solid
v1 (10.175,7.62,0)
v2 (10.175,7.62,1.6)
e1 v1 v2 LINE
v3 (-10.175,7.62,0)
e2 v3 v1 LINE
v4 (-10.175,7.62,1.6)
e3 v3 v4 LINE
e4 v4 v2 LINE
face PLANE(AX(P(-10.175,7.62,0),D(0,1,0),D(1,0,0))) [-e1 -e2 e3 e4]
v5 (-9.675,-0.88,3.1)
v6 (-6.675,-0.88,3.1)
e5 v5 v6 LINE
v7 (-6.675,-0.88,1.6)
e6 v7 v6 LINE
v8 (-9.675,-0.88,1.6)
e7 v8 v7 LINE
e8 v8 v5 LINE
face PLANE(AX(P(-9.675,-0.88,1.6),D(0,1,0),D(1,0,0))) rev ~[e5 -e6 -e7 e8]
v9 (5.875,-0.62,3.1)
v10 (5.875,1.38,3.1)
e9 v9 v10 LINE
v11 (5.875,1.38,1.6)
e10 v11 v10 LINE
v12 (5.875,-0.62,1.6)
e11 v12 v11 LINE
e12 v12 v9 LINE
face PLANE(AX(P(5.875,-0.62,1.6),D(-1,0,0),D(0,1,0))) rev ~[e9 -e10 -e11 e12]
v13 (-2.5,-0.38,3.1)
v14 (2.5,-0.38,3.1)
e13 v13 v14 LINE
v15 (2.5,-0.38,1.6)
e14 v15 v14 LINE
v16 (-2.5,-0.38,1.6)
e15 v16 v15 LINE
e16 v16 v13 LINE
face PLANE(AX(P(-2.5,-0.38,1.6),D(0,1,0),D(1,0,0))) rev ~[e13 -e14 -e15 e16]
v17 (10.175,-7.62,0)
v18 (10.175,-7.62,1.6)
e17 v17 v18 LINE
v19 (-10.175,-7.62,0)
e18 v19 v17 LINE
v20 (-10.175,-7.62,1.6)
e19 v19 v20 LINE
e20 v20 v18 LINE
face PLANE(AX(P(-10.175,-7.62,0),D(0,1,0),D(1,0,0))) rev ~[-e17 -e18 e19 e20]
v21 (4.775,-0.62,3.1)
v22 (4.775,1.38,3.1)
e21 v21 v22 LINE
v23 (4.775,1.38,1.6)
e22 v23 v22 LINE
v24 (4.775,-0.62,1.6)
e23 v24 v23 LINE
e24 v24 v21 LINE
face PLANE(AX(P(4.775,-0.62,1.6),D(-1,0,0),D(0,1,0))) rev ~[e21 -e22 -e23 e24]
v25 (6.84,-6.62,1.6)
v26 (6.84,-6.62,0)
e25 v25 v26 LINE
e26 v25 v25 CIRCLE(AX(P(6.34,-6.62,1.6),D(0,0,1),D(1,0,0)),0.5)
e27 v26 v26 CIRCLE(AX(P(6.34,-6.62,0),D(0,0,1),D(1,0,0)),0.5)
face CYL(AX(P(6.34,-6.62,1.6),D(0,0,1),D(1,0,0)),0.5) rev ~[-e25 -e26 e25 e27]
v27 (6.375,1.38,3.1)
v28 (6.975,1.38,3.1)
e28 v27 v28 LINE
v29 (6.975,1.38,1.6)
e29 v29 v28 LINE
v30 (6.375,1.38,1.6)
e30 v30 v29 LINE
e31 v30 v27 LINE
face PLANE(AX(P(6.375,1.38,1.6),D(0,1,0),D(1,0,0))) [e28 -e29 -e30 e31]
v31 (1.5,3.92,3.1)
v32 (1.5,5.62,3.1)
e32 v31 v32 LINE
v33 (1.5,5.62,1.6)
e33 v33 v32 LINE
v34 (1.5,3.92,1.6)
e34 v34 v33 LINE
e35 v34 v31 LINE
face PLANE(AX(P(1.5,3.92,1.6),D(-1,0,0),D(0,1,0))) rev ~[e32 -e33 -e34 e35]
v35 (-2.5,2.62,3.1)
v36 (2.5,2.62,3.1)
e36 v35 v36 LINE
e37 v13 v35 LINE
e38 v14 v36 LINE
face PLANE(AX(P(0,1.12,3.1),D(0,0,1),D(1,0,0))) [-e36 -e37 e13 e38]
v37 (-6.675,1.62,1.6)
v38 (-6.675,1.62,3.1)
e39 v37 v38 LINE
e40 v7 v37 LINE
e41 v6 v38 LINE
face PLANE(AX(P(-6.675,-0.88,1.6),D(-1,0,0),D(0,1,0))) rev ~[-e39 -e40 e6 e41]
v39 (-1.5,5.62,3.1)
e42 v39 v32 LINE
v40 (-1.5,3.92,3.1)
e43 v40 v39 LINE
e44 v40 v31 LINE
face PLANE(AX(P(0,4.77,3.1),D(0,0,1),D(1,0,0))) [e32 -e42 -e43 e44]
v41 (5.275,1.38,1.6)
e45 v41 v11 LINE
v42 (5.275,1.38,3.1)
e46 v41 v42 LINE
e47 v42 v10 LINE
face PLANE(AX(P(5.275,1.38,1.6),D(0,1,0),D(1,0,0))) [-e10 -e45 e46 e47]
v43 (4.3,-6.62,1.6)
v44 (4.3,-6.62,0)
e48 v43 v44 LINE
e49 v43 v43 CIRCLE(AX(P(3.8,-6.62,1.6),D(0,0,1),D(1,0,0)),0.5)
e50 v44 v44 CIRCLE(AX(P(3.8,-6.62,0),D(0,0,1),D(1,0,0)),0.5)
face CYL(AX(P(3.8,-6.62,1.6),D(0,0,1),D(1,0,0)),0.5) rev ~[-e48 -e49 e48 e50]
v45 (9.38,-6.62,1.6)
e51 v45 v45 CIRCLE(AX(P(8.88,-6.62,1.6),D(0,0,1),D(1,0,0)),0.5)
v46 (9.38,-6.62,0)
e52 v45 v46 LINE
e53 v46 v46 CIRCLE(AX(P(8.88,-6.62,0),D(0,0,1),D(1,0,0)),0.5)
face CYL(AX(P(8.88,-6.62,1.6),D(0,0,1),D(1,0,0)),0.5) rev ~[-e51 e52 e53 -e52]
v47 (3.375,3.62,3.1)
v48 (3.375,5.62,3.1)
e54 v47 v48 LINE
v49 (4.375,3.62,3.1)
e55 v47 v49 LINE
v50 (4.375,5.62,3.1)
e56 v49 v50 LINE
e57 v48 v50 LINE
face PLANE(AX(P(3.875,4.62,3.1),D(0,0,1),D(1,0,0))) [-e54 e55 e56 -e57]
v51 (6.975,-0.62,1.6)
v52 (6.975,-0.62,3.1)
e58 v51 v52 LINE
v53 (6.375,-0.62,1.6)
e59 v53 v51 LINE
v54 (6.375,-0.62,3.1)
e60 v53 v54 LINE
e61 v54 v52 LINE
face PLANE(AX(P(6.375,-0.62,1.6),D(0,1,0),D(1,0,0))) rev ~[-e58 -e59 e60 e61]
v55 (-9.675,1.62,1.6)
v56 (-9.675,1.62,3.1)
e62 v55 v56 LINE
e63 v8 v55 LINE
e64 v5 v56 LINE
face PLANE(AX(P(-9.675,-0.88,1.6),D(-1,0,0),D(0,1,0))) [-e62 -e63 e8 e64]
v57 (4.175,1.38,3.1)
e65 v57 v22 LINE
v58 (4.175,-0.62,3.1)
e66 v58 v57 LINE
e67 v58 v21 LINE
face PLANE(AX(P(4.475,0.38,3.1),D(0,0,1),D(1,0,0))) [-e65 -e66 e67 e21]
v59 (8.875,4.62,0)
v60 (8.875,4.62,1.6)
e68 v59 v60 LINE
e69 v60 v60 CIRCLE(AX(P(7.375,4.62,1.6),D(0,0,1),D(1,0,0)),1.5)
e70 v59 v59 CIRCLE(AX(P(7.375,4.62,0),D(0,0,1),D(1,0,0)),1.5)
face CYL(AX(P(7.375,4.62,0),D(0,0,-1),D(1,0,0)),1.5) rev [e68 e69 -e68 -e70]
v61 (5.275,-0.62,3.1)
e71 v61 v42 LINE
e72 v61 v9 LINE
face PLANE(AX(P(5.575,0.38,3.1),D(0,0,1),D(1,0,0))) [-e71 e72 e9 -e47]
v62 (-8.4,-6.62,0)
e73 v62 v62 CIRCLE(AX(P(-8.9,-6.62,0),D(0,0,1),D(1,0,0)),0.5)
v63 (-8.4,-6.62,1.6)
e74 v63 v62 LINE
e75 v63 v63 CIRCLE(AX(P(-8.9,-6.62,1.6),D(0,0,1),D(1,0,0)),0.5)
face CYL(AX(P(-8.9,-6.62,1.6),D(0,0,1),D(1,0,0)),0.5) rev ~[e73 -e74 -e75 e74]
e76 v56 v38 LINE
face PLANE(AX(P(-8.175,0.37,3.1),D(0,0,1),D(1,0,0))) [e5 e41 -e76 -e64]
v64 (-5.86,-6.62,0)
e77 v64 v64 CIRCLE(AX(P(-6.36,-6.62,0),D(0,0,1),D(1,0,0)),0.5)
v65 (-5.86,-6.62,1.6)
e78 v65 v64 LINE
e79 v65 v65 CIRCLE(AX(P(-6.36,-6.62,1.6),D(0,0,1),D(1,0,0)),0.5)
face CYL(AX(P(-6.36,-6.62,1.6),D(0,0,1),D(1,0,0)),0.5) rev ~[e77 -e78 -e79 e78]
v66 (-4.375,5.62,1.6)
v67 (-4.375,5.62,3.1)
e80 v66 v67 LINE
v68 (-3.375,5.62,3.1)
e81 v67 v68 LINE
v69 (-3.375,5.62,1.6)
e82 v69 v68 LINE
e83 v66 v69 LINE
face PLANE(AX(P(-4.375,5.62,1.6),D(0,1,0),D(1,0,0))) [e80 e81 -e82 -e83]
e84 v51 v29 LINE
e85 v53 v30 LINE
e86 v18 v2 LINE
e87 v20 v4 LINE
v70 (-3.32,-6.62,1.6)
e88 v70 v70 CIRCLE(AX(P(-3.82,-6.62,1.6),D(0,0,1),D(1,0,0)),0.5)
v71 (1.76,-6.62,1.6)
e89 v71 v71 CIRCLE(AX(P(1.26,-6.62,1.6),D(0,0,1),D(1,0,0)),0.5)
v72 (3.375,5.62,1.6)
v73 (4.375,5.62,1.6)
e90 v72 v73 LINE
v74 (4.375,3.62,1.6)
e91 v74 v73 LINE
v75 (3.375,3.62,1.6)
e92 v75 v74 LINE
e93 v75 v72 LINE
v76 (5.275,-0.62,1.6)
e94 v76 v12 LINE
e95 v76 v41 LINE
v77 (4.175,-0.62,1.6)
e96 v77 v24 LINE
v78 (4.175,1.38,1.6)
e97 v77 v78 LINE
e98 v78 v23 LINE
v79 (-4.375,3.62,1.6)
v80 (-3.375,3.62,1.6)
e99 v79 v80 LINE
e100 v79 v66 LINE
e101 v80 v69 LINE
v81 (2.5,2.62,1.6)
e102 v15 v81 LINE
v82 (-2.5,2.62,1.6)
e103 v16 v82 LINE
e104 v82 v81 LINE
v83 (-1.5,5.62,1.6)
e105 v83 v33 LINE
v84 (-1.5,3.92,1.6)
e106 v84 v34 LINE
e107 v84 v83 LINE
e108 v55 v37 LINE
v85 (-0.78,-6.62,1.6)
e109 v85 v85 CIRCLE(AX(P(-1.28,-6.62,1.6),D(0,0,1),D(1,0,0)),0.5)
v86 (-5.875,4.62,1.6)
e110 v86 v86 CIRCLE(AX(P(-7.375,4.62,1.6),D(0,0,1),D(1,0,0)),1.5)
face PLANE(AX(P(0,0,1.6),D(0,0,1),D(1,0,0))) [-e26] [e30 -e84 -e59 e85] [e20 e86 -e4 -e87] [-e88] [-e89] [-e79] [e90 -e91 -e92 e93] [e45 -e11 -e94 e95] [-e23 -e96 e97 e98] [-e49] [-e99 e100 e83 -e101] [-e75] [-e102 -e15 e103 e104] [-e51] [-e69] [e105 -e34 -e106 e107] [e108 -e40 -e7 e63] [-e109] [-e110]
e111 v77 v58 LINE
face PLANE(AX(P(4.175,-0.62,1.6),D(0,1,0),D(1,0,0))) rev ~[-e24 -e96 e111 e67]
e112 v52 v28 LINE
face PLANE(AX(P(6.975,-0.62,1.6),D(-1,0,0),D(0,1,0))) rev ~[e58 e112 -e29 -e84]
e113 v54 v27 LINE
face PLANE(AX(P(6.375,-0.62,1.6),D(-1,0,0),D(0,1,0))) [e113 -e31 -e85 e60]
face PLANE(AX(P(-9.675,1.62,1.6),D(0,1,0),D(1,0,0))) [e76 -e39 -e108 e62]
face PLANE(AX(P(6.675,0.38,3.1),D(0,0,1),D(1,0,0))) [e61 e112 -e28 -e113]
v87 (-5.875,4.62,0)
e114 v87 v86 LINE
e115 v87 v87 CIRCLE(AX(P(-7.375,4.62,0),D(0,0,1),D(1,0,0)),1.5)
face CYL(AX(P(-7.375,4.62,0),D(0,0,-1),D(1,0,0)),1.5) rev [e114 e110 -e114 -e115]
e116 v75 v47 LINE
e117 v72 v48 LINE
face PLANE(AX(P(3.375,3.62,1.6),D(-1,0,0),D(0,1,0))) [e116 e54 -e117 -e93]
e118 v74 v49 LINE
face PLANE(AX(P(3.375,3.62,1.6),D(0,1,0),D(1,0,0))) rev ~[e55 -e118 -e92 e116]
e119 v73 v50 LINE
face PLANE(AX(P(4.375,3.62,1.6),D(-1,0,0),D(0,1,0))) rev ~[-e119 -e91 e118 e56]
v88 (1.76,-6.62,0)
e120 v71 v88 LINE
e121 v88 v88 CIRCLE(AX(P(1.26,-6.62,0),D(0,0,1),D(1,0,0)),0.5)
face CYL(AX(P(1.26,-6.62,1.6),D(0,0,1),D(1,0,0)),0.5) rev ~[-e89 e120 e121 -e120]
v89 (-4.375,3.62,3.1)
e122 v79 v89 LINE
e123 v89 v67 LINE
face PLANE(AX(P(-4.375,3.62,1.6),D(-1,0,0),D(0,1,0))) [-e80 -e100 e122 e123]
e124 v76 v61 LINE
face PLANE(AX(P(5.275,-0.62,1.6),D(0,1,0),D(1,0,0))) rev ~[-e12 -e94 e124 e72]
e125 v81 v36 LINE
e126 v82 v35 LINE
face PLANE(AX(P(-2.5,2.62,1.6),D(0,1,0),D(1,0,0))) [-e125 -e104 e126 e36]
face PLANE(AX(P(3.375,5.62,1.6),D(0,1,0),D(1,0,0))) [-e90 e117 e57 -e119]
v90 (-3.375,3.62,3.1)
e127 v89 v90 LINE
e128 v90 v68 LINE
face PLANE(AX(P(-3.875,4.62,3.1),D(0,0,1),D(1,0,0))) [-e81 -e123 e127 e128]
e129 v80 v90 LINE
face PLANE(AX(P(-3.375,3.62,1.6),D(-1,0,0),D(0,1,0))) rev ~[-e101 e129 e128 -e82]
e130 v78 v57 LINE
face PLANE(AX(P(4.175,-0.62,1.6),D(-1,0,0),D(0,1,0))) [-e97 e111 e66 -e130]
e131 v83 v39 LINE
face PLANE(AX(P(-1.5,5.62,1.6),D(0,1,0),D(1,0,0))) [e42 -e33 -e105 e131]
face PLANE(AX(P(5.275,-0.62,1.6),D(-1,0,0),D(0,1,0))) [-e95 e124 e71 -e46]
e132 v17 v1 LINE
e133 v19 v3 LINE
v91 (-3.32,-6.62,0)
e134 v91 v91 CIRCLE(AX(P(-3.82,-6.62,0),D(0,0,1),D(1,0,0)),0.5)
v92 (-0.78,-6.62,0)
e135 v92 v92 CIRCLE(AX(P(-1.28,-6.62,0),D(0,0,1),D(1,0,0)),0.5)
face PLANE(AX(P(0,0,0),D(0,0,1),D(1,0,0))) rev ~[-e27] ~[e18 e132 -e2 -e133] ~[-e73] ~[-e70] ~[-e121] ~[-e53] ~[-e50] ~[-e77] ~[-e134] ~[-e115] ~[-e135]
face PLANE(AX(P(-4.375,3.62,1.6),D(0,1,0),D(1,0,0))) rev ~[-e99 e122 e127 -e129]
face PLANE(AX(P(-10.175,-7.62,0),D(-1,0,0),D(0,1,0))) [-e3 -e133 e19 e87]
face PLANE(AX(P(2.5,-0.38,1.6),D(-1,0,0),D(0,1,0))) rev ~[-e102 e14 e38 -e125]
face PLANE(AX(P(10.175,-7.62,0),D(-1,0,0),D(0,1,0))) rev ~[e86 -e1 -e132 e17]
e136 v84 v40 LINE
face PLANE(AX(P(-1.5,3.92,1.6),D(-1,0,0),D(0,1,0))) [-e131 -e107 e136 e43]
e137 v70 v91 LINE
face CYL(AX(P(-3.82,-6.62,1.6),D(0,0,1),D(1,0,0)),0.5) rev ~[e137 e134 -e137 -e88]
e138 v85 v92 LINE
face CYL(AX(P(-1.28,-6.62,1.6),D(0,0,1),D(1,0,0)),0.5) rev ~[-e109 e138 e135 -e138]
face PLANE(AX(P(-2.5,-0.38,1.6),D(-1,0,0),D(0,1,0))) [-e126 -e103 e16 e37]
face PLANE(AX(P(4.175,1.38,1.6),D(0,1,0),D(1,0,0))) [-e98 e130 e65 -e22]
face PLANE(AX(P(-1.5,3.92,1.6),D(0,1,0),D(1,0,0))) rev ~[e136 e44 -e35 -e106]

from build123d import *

# Parameters (mm, degrees)
SKETCH1_W           = 20.35
SKETCH1_H           = 15.24
SKETCH1_R           = 1.5
BOSS_EXTRUDE1_DEPTH = 1.6
SKETCH2_W           = 5
SKETCH2_H           = 3
SKETCH2_W_2         = 3
SKETCH2_H_2         = 2.5
SKETCH2_H_3         = 1.7
SKETCH2_W_3         = 1
SKETCH2_H_4         = 2
SKETCH2_W_4         = 0.6
BOSS_EXTRUDE2_DEPTH = 1.5
SKETCH3_R           = 0.5
CUT_EXTRUDE1_DEPTH  = 2.6
LPATTERN1_COUNT     = 5
LPATTERN1_PITCH     = 2.54
LPATTERN1_COL_COUNT = 4
LPATTERN1_COL_PITCH = 2.54


with BuildPart() as part:
    # Sketch1 → Boss-Extrude1 (new body)
    with BuildSketch(Plane.XY):
        Rectangle(SKETCH1_W, SKETCH1_H)
        with Locations((-7.375, 4.62)):
            Circle(SKETCH1_R, mode=Mode.SUBTRACT)
        with Locations((7.375, 4.62)):
            Circle(SKETCH1_R, mode=Mode.SUBTRACT)
    extrude(amount=BOSS_EXTRUDE1_DEPTH)

    # Sketch2 → Boss-Extrude2 (add)
    with BuildSketch(Plane.XY.offset(1.6)):
        with Locations((0, 1.12)):
            Rectangle(SKETCH2_W, SKETCH2_H)
        with Locations((-8.175, 0.37)):
            Rectangle(SKETCH2_W_2, SKETCH2_H_2)
        with Locations((0, 4.77)):
            Rectangle(SKETCH2_W_2, SKETCH2_H_3)
        with Locations((3.875, 4.62)):
            Rectangle(SKETCH2_W_3, SKETCH2_H_4)
        with Locations((-3.875, 4.62)):
            Rectangle(SKETCH2_W_3, SKETCH2_H_4)
        with Locations((4.475, 0.38)):
            Rectangle(SKETCH2_W_4, SKETCH2_H_4)
        with Locations((5.575, 0.38)):
            Rectangle(SKETCH2_W_4, SKETCH2_H_4)
        with Locations((6.675, 0.38)):
            Rectangle(SKETCH2_W_4, SKETCH2_H_4)
    extrude(amount=BOSS_EXTRUDE2_DEPTH)

    # Sketch3 → Cut-Extrude1 (cut, through all)
    with BuildSketch(Plane.XY.offset(1.6)):
        with Locations((-1.28, -6.62)):
            Circle(SKETCH3_R)
    cut_extrude1 = extrude(amount=-CUT_EXTRUDE1_DEPTH, mode=Mode.SUBTRACT)

    # LPattern1: Cut-Extrude1 ×5
    with Locations(*[(i * LPATTERN1_PITCH, 0, 0) for i in range(1, LPATTERN1_COUNT)]):
        add(cut_extrude1, mode=Mode.SUBTRACT)

    # LPattern1 col: Cut-Extrude1 ×4
    with Locations(*[(-i * LPATTERN1_COL_PITCH, 0, 0) for i in range(1, LPATTERN1_COL_COUNT)]):
        add(cut_extrude1, mode=Mode.SUBTRACT)


solid = part.part
